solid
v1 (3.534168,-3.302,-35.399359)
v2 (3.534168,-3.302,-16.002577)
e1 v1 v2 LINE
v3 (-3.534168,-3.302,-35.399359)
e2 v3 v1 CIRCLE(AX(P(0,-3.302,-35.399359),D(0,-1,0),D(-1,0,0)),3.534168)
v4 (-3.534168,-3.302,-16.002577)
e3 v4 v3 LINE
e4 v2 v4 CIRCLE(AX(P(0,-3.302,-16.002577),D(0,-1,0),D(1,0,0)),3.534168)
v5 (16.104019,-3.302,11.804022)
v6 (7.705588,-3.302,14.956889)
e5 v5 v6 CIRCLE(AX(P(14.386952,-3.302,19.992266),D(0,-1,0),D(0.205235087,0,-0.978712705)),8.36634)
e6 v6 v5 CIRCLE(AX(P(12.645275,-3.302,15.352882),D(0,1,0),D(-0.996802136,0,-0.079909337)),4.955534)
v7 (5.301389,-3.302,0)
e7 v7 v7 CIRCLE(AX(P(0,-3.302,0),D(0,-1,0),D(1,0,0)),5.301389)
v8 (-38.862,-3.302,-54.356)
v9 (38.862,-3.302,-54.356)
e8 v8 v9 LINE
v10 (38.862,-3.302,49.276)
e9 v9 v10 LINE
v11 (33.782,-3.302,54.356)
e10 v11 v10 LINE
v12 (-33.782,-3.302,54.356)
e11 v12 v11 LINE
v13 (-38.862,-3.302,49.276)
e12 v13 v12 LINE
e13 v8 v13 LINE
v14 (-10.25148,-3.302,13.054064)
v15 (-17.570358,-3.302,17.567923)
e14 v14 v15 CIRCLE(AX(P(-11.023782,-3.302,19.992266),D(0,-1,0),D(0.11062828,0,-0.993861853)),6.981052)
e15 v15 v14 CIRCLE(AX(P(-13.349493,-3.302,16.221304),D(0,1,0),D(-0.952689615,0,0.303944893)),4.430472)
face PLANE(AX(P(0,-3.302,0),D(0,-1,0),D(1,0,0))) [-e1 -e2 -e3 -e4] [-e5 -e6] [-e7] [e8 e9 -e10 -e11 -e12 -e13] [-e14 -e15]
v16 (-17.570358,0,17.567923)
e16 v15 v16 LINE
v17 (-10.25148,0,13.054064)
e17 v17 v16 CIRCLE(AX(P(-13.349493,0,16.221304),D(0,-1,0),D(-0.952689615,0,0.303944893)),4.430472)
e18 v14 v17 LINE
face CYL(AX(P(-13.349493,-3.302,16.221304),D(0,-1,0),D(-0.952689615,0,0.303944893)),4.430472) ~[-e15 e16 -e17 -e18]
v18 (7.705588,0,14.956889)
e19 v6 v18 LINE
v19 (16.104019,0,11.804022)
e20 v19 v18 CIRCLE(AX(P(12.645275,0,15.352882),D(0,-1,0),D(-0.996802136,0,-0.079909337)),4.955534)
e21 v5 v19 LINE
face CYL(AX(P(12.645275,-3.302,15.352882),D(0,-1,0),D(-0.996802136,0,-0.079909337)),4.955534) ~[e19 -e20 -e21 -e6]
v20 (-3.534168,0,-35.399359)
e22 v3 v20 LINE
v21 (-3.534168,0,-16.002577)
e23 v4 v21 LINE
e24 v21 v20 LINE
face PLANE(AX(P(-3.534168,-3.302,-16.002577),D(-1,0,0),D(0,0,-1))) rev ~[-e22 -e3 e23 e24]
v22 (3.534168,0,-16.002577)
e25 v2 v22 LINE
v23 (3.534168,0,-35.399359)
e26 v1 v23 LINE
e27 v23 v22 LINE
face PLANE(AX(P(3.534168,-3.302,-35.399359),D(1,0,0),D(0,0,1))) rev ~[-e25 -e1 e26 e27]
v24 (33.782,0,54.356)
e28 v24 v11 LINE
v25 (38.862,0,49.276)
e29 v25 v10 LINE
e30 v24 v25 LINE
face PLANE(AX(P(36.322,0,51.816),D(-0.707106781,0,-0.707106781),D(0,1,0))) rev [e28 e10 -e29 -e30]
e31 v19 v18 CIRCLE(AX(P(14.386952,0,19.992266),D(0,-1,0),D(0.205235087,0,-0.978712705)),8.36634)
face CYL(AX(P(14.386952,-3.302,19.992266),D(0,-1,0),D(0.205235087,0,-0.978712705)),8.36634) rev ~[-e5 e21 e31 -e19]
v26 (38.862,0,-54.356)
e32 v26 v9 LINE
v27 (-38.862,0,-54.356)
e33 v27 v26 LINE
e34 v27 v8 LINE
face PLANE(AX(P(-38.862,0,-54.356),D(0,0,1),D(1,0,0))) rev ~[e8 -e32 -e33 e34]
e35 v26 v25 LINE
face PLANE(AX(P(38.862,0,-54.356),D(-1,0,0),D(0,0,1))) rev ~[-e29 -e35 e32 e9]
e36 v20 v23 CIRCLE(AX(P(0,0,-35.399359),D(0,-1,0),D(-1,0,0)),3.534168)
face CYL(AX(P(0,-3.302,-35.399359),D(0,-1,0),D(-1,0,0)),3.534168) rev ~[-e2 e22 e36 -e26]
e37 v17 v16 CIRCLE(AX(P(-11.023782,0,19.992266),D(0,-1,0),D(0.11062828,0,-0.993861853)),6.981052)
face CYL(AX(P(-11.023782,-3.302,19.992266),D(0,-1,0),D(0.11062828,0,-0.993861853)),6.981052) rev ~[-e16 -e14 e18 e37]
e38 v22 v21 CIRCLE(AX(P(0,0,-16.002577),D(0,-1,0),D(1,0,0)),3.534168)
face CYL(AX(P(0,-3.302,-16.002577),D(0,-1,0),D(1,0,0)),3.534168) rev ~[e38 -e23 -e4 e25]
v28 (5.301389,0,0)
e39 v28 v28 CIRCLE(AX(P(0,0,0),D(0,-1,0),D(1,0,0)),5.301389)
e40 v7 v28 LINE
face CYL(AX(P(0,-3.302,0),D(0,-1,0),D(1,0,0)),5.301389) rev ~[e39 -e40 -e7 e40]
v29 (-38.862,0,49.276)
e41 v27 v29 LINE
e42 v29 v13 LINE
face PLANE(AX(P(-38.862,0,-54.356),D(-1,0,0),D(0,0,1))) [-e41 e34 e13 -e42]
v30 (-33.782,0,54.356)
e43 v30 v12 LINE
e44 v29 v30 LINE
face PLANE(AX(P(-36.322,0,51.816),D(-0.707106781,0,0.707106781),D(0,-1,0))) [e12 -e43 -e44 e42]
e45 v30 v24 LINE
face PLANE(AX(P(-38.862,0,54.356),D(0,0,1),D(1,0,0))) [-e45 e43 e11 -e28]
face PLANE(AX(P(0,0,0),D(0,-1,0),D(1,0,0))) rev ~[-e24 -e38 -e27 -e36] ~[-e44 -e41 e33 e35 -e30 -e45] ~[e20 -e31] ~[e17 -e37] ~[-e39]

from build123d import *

# Parameters (mm, degrees)
F0_W     = 77.724
F0_H     = 108.712
F1_DEPTH = 3.302
F3_R     = 13.3445871966
F4_DEPTH = 3.302
F5_SIZE  = 5.08
F6_R     = 5.3013887341
F7_DEPTH = 3.303


with BuildPart() as f1:
    # F0 (on Front) → F1 (new body)
    with BuildSketch(Plane.XZ):
        Rectangle(F0_W, F0_H)
    extrude(amount=F1_DEPTH)

    # F3 (on face) → F4 (join)
    with BuildSketch(Plane.XZ.offset(3.302)):
        with BuildLine():
            add(Edge.make_bspline(
                [(-33.1284857231, -24.3833554431), (-30.3980902484, -23.448268281), (-27.6625298974, -23.0135580616), (-24.9168122419, -22.8877504962)],
                knots=[0.0236239796, 0.0236239796, 0.0236239796, 0.0236239796, 0.1438563975, 0.1438563975, 0.1438563975, 0.1438563975], degree=3))
            ThreePointArc((-33.1284857231, -24.3833554431), (-29.1410849834, -38.4326879001), (-15.8749999992, -44.5395771521))
            ThreePointArc((-15.8749999992, -44.5395771521), (-7.7803065213, -45.3411097626), (9e-10, -47.7145771515))
            ThreePointArc((9e-10, -47.7145771515), (7.780306523, -45.3411097624), (15.8750000008, -44.5395771515))
            ThreePointArc((15.8750000008, -44.5395771515), (28.9710149024, -38.6284104056), (33.2008619827, -24.8968448621))
            add(Edge.make_bspline(
                [(22.7832318895, -28.264905571), (26.870414184, -28.3483991479), (30.7081117423, -27.7740633769), (33.2008619827, -24.8968448621)],
                knots=[0.8224951004, 0.8224951004, 0.8224951004, 0.8224951004, 0.9908039431, 0.9908039431, 0.9908039431, 0.9908039431], degree=3))
            add(Edge.make_bspline(
                [(15.9953683619, -27.7933645546), (16.7598950609, -27.862629463), (19.0104314318, -28.0581684328), (21.3052242348, -28.2347126075), (22.7832318895, -28.264905571)],
                knots=[0.7300371536, 0.7300371536, 0.7300371536, 0.7300371536, 0.7616312241, 0.8224951004, 0.8224951004, 0.8224951004, 0.8224951004], degree=3))
            add(Edge.make_bspline(
                [(12.0445173218, -27.4086319137), (13.3501324037, -27.5450763369), (14.6659309282, -27.6729196282), (15.9953683619, -27.7933645546)],
                knots=[0.6750981435, 0.6750981435, 0.6750981435, 0.6750981435, 0.7300371536, 0.7300371536, 0.7300371536, 0.7300371536], degree=3))
            add(Edge.make_bspline(
                [(6.5035843618, -26.7679947406), (8.3365045469, -27.0014140297), (10.1801283043, -27.2137923413), (12.0445173218, -27.4086319137)],
                knots=[0.5966464709, 0.5966464709, 0.5966464709, 0.5966464709, 0.6750981435, 0.6750981435, 0.6750981435, 0.6750981435], degree=3))
            add(Edge.make_bspline(
                [(-15.7821923495, -23.3437299796), (-10.5480047667, -23.9624284424), (-3.1004870846, -25.4363431139), (4.3262408996, -26.490713729), (6.5035843618, -26.7679947406)],
                knots=[0.2765511336, 0.2765511336, 0.2765511336, 0.2765511336, 0.5034529768, 0.5966464709, 0.5966464709, 0.5966464709, 0.5966464709], degree=3))
            add(Edge.make_bspline(
                [(-24.9168122419, -22.8877504962), (-22.5127229742, -22.777596192), (-19.4725911361, -22.9372512735), (-16.4147628171, -23.2689580365), (-15.7821923495, -23.3437299796)],
                knots=[0.1438563975, 0.1438563975, 0.1438563975, 0.1438563975, 0.2491292266, 0.2765511336, 0.2765511336, 0.2765511336, 0.2765511336], degree=3))
        make_face()
        with BuildLine():
            ThreePointArc((-24.3962783332, -9.4429305632), (-23.5493439512, -16.2082072875), (-24.9168122419, -22.8877504962))
            add(Edge.make_bspline(
                [(-24.9168122419, -22.8877504962), (-22.5127229742, -22.777596192), (-19.4725911361, -22.9372512735), (-16.4147628171, -23.2689580365), (-15.7821923495, -23.3437299796)],
                knots=[0.1438563975, 0.1438563975, 0.1438563975, 0.1438563975, 0.2491292266, 0.2765511336, 0.2765511336, 0.2765511336, 0.2765511336], degree=3))
            ThreePointArc((-15.7821923495, -23.3437299796), (-16.7909764629, -16.1431204561), (-15.7821923495, -8.9425109327))
            add(Edge.make_bspline(
                [(-20.8150930703, 3.0249084812), (-20.084698855, 3.2617064252), (-18.5750809579, 3.7511331524), (-20.1108934357, 5.7423249077), (-21.3989497629, 8.4805039988), (-19.5926222129, 8.6232034417), (-20.0960081308, 6.4882204736), (-17.9845367, 4.4717269755), (-19.4827279307, 7.4877563676), (-17.6531933794, 7.9935220173), (-17.6518746238, 3.7165445405), (-19.7201607312, 2.5442912986), (-19.0033211234, 0.5113026434), (-21.5358089244, 0.646088536), (-20.7796208818, -5.7027505195), (-14.9489180074, 0.0978196974), (-17.977030073, 1.5236381763), (-14.9168721562, 2.6666255778), (-16.1211586732, 6.3598723413), (-13.8328776174, 5.6005762962), (-15.1421128769, 3.3154322822), (-14.4747759607, 0.1624480587), (-13.8084140261, 5.1188240441), (-11.0343102947, 2.7331078221), (-14.5615723999, -0.162479085), (-17.3031216925, -3.3366762112), (-18.0975664008, -8.8898410691), (-13.4356882131, -5.5746333853), (-15.3648709473, -3.8082111356), (-12.0527139611, -3.6659211986), (-13.248535603, -1.079337143), (-9.5910344453, -1.7447413323), (-10.7422685487, 3.0079941618), (-8.9849464366, -1.96339633), (-8.8102943074, 5.4988116301), (-7.4861779197, -0.6957485248), (-9.6724060403, -0.966318494), (-11.0218385517, -3.5291741027), (-13.7004320012, -4.2797101397), (-12.8029593717, -6.9381020727), (-14.7089673153, -8.2196946287), (-15.7821923495, -8.9425109327)],
                knots=[0, 0, 0, 0, 0.0231511603, 0.0478500744, 0.0752755755, 0.0903366321, 0.1142638791, 0.1352244444, 0.1593040946, 0.1744947233, 0.2060790631, 0.2315955315, 0.2516703156, 0.2733460952, 0.3049833457, 0.3431527772, 0.3650886659, 0.3896180862, 0.4183185893, 0.4354180503, 0.4626318971, 0.4841465121, 0.512674348, 0.5346264378, 0.5675595767, 0.6056671213, 0.6368592747, 0.6681518224, 0.6879987795, 0.7121233264, 0.7334743783, 0.7591560932, 0.7848708559, 0.8073025156, 0.8374341523, 0.8673194844, 0.8904493251, 0.9187369989, 0.9444600919, 0.9686867066, 1, 1, 1, 1], degree=3))
            add(Edge.make_bspline(
                [(-25.8914344013, -2.4853385985), (-26.396572956, -2.0003344615), (-27.3138435109, -1.1196261405), (-29.1352849859, -2.0598979002), (-28.7106271057, 0.8204026064), (-32.0312644098, -1.1715068103), (-31.3002695814, 3.7485837155), (-29.4483178555, 3.8301118075), (-30.8071023081, 1.5653871303), (-28.9526334159, 1.3619840648), (-29.4792210737, 5.2085047756), (-26.921055424, 4.4342075194), (-28.8119762327, 2.2854028303), (-27.5906596289, -1.3990701213), (-27.7699356497, 3.0747016102), (-25.2099586785, 2.6066763518), (-26.5953437573, -0.395391095), (-23.7025988652, -2.0340069969), (-23.1772681034, -6.0499515041), (-20.5435134821, -4.1808959475), (-25.0748704565, 2.6489737746), (-20.1368344266, 0.7949418705), (-20.6048167244, 2.3336418411), (-20.8150930703, 3.0249084812)],
                knots=[0, 0, 0, 0, 0.0457250435, 0.0830311605, 0.1245988121, 0.1705511092, 0.2321726775, 0.2625557415, 0.30723362, 0.3358214151, 0.393012377, 0.4286583434, 0.4808472993, 0.5282384525, 0.5813000538, 0.6192860311, 0.6705302416, 0.7286736986, 0.7872738172, 0.8280557864, 0.9074882994, 0.958434574, 1, 1, 1, 1], degree=3))
            ThreePointArc((-25.8914344013, -2.4853385985), (-24.9290967698, -4.9824855111), (-24.3962783332, -7.6050683856))
            add(Edge.make_bspline(
                [(-24.3962783332, -9.4429305632), (-25.4357243907, -10.1342055857), (-27.412273175, -11.4486922391), (-27.4547789496, -7.4214675852), (-30.5466070306, -9.5733915774), (-30.4542370334, -5.4520792207), (-32.3177618611, -5.8417990903), (-32.7140680164, -4.2769830225), (-32.0543630337, -2.7007935171), (-32.1251676799, -4.5533058245), (-30.3843482976, -5.4648837492), (-32.0501040037, -1.6640768267), (-30.4436660674, -1.9005229869), (-30.1720801803, -6.5942041642), (-29.7456686663, -3.178537531), (-28.1334595609, -3.5814958653), (-29.8697325683, -5.6494579394), (-29.5018476184, -7.7306733995), (-27.2359049314, -6.3250302911), (-26.4788550338, -9.3239236743), (-25.0993332141, -8.1853413666), (-24.3962783332, -7.6050683856)],
                knots=[0, 0, 0, 0, 0.0670169121, 0.1274354192, 0.1840138636, 0.2505621343, 0.2960523516, 0.3441354147, 0.3840734056, 0.4287810373, 0.4665753725, 0.5348972739, 0.5667760176, 0.6369485958, 0.6883070256, 0.7231632661, 0.7842390879, 0.8324575559, 0.8851485442, 0.9414679355, 1, 1, 1, 1], degree=3))
        make_face()
        with BuildLine():
            add(Edge.make_bspline(
                [(-20.2924981713, -15.781018883), (-20.5370775999, -16.1379246214), (-20.134132622, -17.1534868603), (-20.8639151565, -18.5661521393), (-21.9358468203, -19.4575377926), (-22.3700864307, -21.8865095148), (-20.237349518, -21.5763362209), (-19.5672362136, -20.438180371), (-19.2965010699, -18.8033454883), (-19.7803037906, -17.8720601229), (-19.908738804, -16.4540465799), (-19.0188083322, -15.0649598827), (-20.0853771822, -15.4787748635), (-20.2924981713, -15.781018883)],
                knots=[0, 0, 0, 0, 0.0904118203, 0.1854248684, 0.2814922978, 0.3865094541, 0.4809925493, 0.5711470892, 0.6690619631, 0.748512495, 0.8439845899, 0.9234351565, 1, 1, 1, 1], degree=3))
        make_face(mode=Mode.SUBTRACT)
        with BuildLine():
            add(Edge.make_bspline(
                [(-22.3910957575, -11.5529615432), (-22.0568118654, -12.2037220004), (-21.1170784891, -12.8832887919), (-21.7129777335, -14.1967346716), (-20.5379115522, -14.568750962), (-20.4867607869, -13.5076873001), (-20.8432701563, -11.8831681267), (-21.6439811905, -11.2404808042), (-22.9718655512, -9.3501247732), (-22.6978835435, -10.9557285785), (-22.3910957575, -11.5529615432)],
                knots=[0, 0, 0, 0, 0.1505340204, 0.2658311351, 0.3614801071, 0.4617187858, 0.6051372816, 0.7298931385, 0.8618479683, 1, 1, 1, 1], degree=3))
        make_face(mode=Mode.SUBTRACT)
        with BuildLine():
            add(Edge.make_bspline(
                [(-18.3790698647, -10.1024601609), (-18.7969421772, -10.2564427963), (-19.1553590595, -11.577398565), (-19.219348267, -12.6506630096), (-19.2408550579, -13.9350019391), (-18.8743899715, -14.8858473731), (-18.2833235222, -14.0155234153), (-18.1315989973, -13.0706647968), (-18.7065283271, -12.3462231403), (-18.4694817034, -11.2210464666), (-17.1590443019, -10.374237249), (-18.0760721444, -9.9908079022), (-18.3790698647, -10.1024601609)],
                knots=[0, 0, 0, 0, 0.1240572212, 0.2333232805, 0.347818092, 0.428679644, 0.5131510602, 0.6107152668, 0.7012679009, 0.8047604962, 0.9100465523, 1, 1, 1, 1], degree=3))
        make_face(mode=Mode.SUBTRACT)
        with BuildLine():
            ThreePointArc((5.4403450859, -12.5461180708), (6.6092683485, -19.609411059), (6.5035843618, -26.7679947406))
            add(Edge.make_bspline(
                [(6.5035843618, -26.7679947406), (8.3365045469, -27.0014140297), (10.1801283043, -27.2137923413), (12.0445173218, -27.4086319137)],
                knots=[0.5966464709, 0.5966464709, 0.5966464709, 0.5966464709, 0.6750981435, 0.6750981435, 0.6750981435, 0.6750981435], degree=3))
            Line((12.0445173218, -27.4086319137), (12.0445173218, -21.4756764472))
            ThreePointArc((12.0445173218, -21.4756764472), (14.0199428419, -19.5002509271), (15.9953683619, -21.4756764472))
            Line((15.9953683619, -21.4756764472), (15.9953683619, -27.7933645546))
            add(Edge.make_bspline(
                [(15.9953683619, -27.7933645546), (16.7598950609, -27.862629463), (19.0104314318, -28.0581684328), (21.3052242348, -28.2347126075), (22.7832318895, -28.264905571)],
                knots=[0.7300371536, 0.7300371536, 0.7300371536, 0.7300371536, 0.7616312241, 0.8224951004, 0.8224951004, 0.8224951004, 0.8224951004], degree=3))
            ThreePointArc((22.7832318895, -28.264905571), (22.4736636829, -20.3696155623), (23.5801553445, -12.5461180708))
            Line((23.5801553445, -12.5461180708), (28.4554600831, -13.4531514135))
            ThreePointArc((28.4554600831, -13.4531514135), (31.673336573, -11.9989868814), (31.424967593, -8.4765393743))
            ThreePointArc((31.424967593, -8.4765393743), (29.2529740879, -8.2440657168), (29.0205004305, -10.4160592219))
            ThreePointArc((29.0205004305, -10.4160592219), (29.058069024, -11.9208265797), (27.614886003, -12.3485636115))
            ThreePointArc((27.614886003, -12.3485636115), (23.4712314741, -5.8636115848), (28.4554600831, 0))
            ThreePointArc((28.4554600831, 0), (23.3706331923, -0.6006945639), (18.2612345592, -0.9328753515))
            Line((18.2612345592, -0.9328753515), (21.109645709, 8.6648291047))
            Line((21.109645709, 8.6648291047), (22.7452469365, 8.179414619))
            ThreePointArc((22.7452469365, 8.179414619), (24.0675287583, 9.9087492795), (21.9295363303, 9.4988517773))
            ThreePointArc((21.9295363303, 9.4988517773), (17.0915933325, 15.0640837031), (15.5871994793, 22.2831070423))
            Line((15.5871994793, 22.2831070423), (14.8853833456, 29.6840668302))
            Line((14.8853833456, 29.6840668302), (17.9889984262, 30.165095753))
            Line((17.9889984262, 30.165095753), (17.720128815, 31.8998516907))
            Line((17.720128815, 31.8998516907), (14.8043116011, 31.4479295364))
            Line((14.8043116011, 31.4479295364), (14.2361351446, 35.1138234881))
            Line((14.2361351446, 35.1138234881), (12.1174789965, 34.7854532301))
            Line((12.1174789965, 34.7854532301), (12.6562453806, 31.3093140721))
            Line((12.6562453806, 31.3093140721), (10.0379107516, 30.7162171018))
            Line((10.0379107516, 30.7162171018), (10.2517836951, 29.4975203391))
            Line((10.2517836951, 29.4975203391), (12.7509497106, 29.9361068755))
            Line((12.7509497106, 29.9361068755), (14.0939988196, 22.2831070423))
            ThreePointArc((14.0939988196, 22.2831070423), (12.6245914015, 15.2177663733), (7.6988285058, 9.9437681912))
            ThreePointArc((7.6988285058, 9.9437681912), (5.5906171254, 10.4864212664), (6.8022884056, 8.6778637491))
            Line((6.8022884056, 8.6778637491), (8.4650181234, 9.060157463))
            Line((8.4650181234, 9.060157463), (10.762639533, -0.9330055424))
            ThreePointArc((10.762639533, -0.9330055424), (5.6515483018, -0.6008483836), (0.5650403473, 0))
            ThreePointArc((0.5650403473, 0), (5.5492689564, -5.8636115848), (1.4056144274, -12.3485636115))
            ThreePointArc((1.4056144274, -12.3485636115), (-0.0375685935, -11.9208265797), (0, -10.4160592219))
            ThreePointArc((0, -10.4160592219), (-0.2324736575, -8.2440657168), (-2.4044671625, -8.4765393743))
            ThreePointArc((-2.4044671625, -8.4765393743), (-2.6528361426, -11.9989868814), (0.5650403473, -13.4531514135))
            Line((0.5650403473, -13.4531514135), (5.4403450859, -12.5461180708))
        make_face()
        Polygon((9.1227404773, -7.4148867279), (8.4774624556, -4.9826856703), (9.749203307, -4.868891682), (10.3401336819, -7.1323132142), align=None, mode=Mode.SUBTRACT)
        Polygon((10.9397291529, -9.5362256838), (9.768018499, -9.8470877856), (9.2899553012, -8.0451578014), (10.461665955, -7.7342956997), align=None, mode=Mode.SUBTRACT)
        Polygon((12.2584053658, -7.3401992658), (12.7159978886, -9.0649705743), (11.5734964264, -9.3680832964), (11.1159039036, -7.6433119879), align=None, mode=Mode.SUBTRACT)
        Polygon((10.332212454, -4.8167246576), (11.5597705233, -4.7068840966), (12.1378842059, -6.8859273354), (10.9000811353, -7.0559568703), align=None, mode=Mode.SUBTRACT)
        Polygon((17.9045965268, -7.6433119879), (17.4470040041, -9.3680832964), (16.3045025419, -9.0649705743), (16.7620950646, -7.3401992658), align=None, mode=Mode.SUBTRACT)
        Polygon((18.5588344754, -7.7342956997), (19.7305451293, -8.0451578014), (19.2524819314, -9.8470877856), (18.0807712776, -9.5362256838), align=None, mode=Mode.SUBTRACT)
        Polygon((18.6803667486, -7.1323132142), (19.2712971234, -4.868891682), (20.5430379748, -4.9826856703), (19.8977599531, -7.4148867279), align=None, mode=Mode.SUBTRACT)
        Polygon((16.8826162245, -6.8859273354), (17.4607299071, -4.7068840966), (18.6882879764, -4.8167246576), (18.1204192951, -7.0559568703), align=None, mode=Mode.SUBTRACT)
        with BuildLine():
            ThreePointArc((14.2767767446, 4.6611620079), (12.1414040207, 5.7303494735), (11.1097303552, 7.8840968947))
            Line((11.1097303552, 7.8840968947), (14.2767767446, 7.8840968947))
            Line((14.2767767446, 7.8840968947), (14.2767767446, 4.6611620079))
        make_face(mode=Mode.SUBTRACT)
        with BuildLine():
            ThreePointArc((11.1459939594, 8.983289175), (12.2280091457, 10.9819830574), (14.2767767446, 11.9658963789))
            Line((14.2767767446, 11.9658963789), (14.2767767446, 8.983289175))
            Line((14.2767767446, 8.983289175), (11.1459939594, 8.983289175))
        make_face(mode=Mode.SUBTRACT)
        with BuildLine():
            ThreePointArc((18.430607267, 7.8840968947), (17.3673699452, 5.6986165643), (15.1747141111, 4.6502567644))
            Line((15.1747141111, 4.6502567644), (15.1747141111, 7.8840968947))
            Line((15.1747141111, 7.8840968947), (18.430607267, 7.8840968947))
        make_face(mode=Mode.SUBTRACT)
        with BuildLine():
            ThreePointArc((15.1747141111, 11.9768016224), (17.2797356479, 11.0126579566), (18.3943436628, 8.983289175))
            Line((18.3943436628, 8.983289175), (15.1747141111, 8.983289175))
            Line((15.1747141111, 8.983289175), (15.1747141111, 11.9768016224))
        make_face(mode=Mode.SUBTRACT)
        with BuildLine():
            ThreePointArc((1.5084841621, 28.7364097307), (5.1963193944, 39.8156504287), (15.8749999992, 44.5395771521))
            ThreePointArc((15.8749999992, 44.5395771521), (7.7803065213, 45.3411097626), (-9e-10, 47.7145771515))
            ThreePointArc((-9e-10, 47.7145771515), (-7.780306523, 45.3411097624), (-15.8750000008, 44.5395771515))
            ThreePointArc((-15.8750000008, 44.5395771515), (-30.2008361805, 37.0625327748), (-32.2586794783, 21.0343995142))
            ThreePointArc((-32.2586794783, 21.0343995142), (-31.4618060576, 11.8664205536), (-35.4362714152, 3.5663922047))
            ThreePointArc((-35.4362714152, 3.5663922047), (-26.8661908779, 8.4248419398), (-17.0921185192, 9.6570447531))
            ThreePointArc((-17.0921185192, 9.6570447531), (-3.3712650978, 14.8871009528), (1.5084841621, 28.7364097307))
        make_face()
        with Locations((-15.8750000008, 27.0770771515)):
            Circle(F3_R, mode=Mode.SUBTRACT)
    extrude(amount=-F4_DEPTH)

    # F5
    f5_edges = [f1.edges().sort_by_distance(p)[0] for p in [
        (-38.862, -1.651, 54.356),
        (38.862, -1.651, 54.356),
    ]]
    chamfer(f5_edges, length=F5_SIZE)

    # F6 (on face) → F7 (cut, through all)
    with BuildSketch(Plane.XZ.offset(3.302)):
        with BuildLine():
            ThreePointArc((7.7055875118, 14.9568890088), (14.3869519234, 19.9922658503), (16.1040185067, 11.804022285))
            ThreePointArc((16.1040185067, 11.804022285), (17.3273949812, 27.8248545003), (7.7055875118, 14.9568890088))
        make_face()
        with BuildLine():
            ThreePointArc((-17.5703578104, 17.5679231172), (-11.0237821937, 19.9922658503), (-10.2514803949, 13.0540643597))
            ThreePointArc((-10.2514803949, 13.0540643597), (-7.3591826587, 25.9341342636), (-17.5703578104, 17.5679231172))
        make_face()
        Circle(F6_R)
        with BuildLine():
            Line((3.534168005, -35.3993587196), (3.534168005, -16.0025767982))
            ThreePointArc((3.534168005, -16.0025767982), (0, -12.4684087932), (-3.534168005, -16.0025767982))
            Line((-3.534168005, -16.0025767982), (-3.534168005, -35.3993587196))
            ThreePointArc((-3.534168005, -35.3993587196), (0, -38.9335267246), (3.534168005, -35.3993587196))
        make_face()
    extrude(amount=-F7_DEPTH, mode=Mode.SUBTRACT)


solid = f1.part
